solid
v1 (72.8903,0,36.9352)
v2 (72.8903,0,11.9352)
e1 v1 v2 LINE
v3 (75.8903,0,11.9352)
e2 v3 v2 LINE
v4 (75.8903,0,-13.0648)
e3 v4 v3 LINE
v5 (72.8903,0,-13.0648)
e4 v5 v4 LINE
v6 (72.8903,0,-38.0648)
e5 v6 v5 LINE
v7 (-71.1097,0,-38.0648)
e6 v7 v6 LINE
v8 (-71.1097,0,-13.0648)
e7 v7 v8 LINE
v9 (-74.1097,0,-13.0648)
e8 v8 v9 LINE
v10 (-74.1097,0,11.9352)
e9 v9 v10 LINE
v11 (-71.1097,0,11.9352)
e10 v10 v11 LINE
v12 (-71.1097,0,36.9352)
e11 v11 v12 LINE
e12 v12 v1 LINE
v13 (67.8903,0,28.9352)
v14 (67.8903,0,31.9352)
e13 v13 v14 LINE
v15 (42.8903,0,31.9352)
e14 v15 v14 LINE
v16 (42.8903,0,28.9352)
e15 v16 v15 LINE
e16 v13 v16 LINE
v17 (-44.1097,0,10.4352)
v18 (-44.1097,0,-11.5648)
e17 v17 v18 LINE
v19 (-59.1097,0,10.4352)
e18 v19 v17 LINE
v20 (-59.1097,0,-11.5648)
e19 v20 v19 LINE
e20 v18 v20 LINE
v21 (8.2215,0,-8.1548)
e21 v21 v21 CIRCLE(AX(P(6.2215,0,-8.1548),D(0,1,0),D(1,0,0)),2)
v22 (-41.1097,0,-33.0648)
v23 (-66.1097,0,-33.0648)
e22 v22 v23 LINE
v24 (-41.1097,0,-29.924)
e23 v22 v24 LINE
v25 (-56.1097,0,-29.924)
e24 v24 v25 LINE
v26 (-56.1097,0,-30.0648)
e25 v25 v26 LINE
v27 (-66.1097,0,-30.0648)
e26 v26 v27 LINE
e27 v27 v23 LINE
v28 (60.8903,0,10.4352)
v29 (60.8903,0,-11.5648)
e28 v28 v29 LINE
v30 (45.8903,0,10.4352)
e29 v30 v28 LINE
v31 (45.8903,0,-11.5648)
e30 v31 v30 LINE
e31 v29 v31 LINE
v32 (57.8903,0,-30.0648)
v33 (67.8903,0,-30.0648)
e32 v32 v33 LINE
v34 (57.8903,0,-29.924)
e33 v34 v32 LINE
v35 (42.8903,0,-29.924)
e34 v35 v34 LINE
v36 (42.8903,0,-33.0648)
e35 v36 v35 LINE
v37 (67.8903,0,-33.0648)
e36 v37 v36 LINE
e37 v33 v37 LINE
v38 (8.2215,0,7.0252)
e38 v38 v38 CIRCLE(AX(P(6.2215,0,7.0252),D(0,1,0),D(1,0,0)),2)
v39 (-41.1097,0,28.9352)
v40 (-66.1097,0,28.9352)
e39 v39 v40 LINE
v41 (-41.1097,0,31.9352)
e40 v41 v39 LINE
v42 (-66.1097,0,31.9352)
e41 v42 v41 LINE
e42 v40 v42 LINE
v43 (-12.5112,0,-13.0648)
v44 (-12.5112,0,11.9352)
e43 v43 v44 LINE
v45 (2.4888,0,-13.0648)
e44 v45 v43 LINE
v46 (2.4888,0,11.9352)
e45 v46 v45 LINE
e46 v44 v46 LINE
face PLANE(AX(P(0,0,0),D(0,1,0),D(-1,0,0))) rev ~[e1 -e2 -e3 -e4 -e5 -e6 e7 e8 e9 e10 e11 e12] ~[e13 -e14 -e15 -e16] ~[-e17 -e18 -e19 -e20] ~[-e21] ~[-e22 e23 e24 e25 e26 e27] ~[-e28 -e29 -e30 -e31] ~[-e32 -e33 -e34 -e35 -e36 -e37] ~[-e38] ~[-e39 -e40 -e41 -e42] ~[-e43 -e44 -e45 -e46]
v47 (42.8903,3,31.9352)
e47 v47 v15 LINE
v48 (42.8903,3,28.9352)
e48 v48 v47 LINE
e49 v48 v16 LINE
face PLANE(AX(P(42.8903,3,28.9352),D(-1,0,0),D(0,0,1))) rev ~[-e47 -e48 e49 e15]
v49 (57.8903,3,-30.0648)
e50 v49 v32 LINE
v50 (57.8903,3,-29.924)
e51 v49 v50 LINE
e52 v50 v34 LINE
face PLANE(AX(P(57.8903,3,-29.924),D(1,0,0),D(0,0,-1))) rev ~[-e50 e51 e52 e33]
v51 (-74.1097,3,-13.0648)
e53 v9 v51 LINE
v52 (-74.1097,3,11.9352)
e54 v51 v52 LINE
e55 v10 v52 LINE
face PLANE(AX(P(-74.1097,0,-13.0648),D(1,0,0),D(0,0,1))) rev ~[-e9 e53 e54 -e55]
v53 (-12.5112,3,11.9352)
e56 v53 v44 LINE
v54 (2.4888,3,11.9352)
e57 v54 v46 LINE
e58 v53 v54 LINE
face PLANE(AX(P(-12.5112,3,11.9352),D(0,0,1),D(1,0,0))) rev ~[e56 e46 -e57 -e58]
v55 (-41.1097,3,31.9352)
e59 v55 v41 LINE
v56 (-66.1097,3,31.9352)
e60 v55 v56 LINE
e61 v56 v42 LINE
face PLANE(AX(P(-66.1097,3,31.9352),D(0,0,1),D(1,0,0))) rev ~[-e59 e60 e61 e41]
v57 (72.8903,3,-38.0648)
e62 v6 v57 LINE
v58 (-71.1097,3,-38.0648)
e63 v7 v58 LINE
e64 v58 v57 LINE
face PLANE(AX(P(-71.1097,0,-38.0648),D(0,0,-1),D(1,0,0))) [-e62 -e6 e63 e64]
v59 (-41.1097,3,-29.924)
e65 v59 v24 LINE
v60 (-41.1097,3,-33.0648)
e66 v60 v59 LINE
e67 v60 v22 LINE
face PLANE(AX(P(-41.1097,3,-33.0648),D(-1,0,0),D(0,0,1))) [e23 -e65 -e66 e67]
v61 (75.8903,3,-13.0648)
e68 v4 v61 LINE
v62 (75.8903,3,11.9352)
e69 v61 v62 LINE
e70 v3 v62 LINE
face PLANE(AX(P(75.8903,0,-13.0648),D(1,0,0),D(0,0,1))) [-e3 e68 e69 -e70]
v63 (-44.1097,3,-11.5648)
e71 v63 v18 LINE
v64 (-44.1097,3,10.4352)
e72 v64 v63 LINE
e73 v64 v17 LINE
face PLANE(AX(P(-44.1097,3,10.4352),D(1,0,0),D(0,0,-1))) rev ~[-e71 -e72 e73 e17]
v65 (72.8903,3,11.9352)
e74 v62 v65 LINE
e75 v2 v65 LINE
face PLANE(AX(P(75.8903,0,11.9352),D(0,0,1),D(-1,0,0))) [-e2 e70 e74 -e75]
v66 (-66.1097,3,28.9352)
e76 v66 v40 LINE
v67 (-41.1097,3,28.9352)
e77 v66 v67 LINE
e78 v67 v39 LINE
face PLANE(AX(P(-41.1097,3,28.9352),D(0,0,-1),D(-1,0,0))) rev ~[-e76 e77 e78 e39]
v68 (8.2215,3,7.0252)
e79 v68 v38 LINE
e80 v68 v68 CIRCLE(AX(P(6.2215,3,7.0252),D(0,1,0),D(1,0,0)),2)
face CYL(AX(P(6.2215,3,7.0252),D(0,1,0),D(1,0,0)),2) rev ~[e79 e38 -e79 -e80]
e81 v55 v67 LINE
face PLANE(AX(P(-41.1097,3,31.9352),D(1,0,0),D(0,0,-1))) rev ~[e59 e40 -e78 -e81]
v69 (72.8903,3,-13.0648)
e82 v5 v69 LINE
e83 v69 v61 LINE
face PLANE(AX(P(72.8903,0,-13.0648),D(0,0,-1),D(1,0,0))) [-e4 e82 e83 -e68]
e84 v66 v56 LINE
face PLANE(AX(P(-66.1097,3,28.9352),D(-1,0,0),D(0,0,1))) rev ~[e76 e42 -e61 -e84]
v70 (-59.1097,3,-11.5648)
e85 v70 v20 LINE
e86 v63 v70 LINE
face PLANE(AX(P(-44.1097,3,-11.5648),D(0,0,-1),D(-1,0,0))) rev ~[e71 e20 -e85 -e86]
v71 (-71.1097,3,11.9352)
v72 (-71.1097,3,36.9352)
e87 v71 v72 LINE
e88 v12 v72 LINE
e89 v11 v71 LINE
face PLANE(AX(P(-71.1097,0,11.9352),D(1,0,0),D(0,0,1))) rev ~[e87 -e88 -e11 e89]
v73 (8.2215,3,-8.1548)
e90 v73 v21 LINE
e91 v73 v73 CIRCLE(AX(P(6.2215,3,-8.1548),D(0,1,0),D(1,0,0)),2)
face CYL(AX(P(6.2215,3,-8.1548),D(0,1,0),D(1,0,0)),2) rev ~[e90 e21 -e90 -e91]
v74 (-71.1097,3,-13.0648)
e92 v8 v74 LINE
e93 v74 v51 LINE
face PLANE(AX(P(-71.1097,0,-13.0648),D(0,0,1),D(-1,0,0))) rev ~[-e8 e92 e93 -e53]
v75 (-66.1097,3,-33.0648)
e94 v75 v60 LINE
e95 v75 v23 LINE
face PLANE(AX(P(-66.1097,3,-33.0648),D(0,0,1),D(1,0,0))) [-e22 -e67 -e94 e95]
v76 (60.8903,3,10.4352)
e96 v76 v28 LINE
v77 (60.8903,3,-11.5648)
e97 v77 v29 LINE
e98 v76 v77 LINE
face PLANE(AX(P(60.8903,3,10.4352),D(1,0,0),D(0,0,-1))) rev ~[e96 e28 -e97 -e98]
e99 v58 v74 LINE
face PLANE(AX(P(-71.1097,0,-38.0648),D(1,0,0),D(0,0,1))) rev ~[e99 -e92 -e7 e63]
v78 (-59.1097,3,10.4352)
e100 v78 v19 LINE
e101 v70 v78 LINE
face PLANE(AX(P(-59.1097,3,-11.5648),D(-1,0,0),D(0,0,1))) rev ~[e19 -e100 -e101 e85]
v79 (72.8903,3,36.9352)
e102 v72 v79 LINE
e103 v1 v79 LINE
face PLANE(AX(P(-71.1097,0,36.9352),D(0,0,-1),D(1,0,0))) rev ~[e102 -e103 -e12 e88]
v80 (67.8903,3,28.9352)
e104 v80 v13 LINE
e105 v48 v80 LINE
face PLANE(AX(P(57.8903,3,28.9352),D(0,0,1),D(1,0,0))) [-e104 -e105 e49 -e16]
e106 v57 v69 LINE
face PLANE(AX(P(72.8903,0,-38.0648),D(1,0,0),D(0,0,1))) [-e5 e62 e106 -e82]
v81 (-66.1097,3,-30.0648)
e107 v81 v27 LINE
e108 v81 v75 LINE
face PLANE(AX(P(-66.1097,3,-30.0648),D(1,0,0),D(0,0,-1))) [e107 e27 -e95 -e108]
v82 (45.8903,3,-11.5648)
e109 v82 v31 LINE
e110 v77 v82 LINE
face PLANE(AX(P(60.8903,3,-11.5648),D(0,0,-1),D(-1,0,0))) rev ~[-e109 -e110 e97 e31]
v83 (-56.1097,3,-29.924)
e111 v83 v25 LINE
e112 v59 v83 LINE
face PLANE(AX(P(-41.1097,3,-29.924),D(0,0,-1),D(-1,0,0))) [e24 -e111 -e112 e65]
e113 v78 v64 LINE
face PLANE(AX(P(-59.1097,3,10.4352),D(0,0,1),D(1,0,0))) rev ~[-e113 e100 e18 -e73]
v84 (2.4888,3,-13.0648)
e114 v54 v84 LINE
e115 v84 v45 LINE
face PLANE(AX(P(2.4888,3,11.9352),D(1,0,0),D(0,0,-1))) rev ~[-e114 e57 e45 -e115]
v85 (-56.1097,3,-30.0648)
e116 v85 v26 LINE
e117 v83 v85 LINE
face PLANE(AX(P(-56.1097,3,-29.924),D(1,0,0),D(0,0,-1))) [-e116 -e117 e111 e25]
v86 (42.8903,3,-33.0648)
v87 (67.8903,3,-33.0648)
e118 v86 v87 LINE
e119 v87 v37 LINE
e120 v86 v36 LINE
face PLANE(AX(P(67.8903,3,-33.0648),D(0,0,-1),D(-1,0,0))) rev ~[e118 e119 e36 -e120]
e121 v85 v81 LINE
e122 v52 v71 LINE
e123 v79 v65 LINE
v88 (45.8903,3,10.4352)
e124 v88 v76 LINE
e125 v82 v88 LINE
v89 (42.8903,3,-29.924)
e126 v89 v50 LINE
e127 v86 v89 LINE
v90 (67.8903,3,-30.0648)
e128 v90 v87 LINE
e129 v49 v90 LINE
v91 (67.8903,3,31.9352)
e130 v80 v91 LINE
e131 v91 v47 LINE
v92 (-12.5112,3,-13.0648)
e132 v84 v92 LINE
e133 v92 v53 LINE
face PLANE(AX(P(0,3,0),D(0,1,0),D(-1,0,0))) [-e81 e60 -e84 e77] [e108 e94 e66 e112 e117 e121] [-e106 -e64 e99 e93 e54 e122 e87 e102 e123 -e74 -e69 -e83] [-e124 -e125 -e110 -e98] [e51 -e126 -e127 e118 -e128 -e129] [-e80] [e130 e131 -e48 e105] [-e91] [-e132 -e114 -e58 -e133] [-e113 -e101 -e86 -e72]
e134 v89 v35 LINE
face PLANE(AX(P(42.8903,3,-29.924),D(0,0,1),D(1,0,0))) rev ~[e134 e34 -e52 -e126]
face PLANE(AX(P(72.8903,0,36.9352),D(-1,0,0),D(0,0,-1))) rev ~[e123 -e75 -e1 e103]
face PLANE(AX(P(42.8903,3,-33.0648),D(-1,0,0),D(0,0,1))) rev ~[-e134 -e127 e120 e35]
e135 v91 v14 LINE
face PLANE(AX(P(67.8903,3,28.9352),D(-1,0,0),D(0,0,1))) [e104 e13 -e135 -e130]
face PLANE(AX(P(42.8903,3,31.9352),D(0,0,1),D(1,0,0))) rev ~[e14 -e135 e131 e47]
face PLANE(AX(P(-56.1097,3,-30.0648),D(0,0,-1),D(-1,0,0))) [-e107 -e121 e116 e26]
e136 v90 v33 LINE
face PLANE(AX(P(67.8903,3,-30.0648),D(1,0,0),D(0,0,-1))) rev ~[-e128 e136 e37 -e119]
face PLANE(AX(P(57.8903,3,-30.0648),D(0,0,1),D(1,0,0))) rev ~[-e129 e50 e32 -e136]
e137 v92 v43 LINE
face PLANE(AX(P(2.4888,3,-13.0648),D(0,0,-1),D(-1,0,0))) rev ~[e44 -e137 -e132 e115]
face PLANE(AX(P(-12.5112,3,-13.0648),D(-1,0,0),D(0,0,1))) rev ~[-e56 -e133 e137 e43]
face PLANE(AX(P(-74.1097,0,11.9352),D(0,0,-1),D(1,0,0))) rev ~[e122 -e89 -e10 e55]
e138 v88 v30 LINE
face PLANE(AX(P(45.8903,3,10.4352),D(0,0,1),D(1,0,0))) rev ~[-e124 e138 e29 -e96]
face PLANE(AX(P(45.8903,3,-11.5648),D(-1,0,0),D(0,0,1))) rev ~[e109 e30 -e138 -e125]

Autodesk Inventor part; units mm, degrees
ref_plane "YZ Plane" through (0, 0, 0) normal (1, 0, 0) x (0, 1, 0)
ref_plane "XZ Plane" through (0, 0, 0) normal (0, 1, 0) x (-1, 0, 0)
ref_plane "XY Plane" through (0, 0, 0) normal (0, 0, 1) x (1, 0, 0)
sketch "Sketch1" plane through (0, 0, 0) normal (0, 1, 0) x (-1, 0, 0)
  line L0 (71.1097, -38.0648) -> (71.1097, -13.0648)
  line L1 (71.1097, -13.0648) -> (74.1097, -13.0648)
  line L2 (74.1097, -13.0648) -> (74.1097, 11.9352)
  line L3 (74.1097, 11.9352) -> (71.1097, 11.9352)
  line L4 (71.1097, 11.9352) -> (71.1097, 36.9352)
  line L5 (-72.8903, -38.0648) -> (-72.8903, -13.0648)
  line L6 (-72.8903, 36.9352) -> (-72.8903, 11.9352)
  line L7 (-72.8903, -13.0648) -> (-75.8903, -13.0648)
  line L8 (-75.8903, -13.0648) -> (-75.8903, 11.9352)
  line L9 (-75.8903, 11.9352) -> (-72.8903, 11.9352)
  line L10 (71.1097, -38.0648) -> (-72.8903, -38.0648)
  line L11 (71.1097, 36.9352) -> (-72.8903, 36.9352)
  point P0 (0, 0)
extrude "Extrusion1" add sketch "Sketch1" along normal blind 3
sketch "Sketch2" plane through (0, 3, 0) normal (0, 1, 0) x (1, 0, 0)
  line L0 (-71.1097, -36.9352) -> (72.8903, -36.9352) projected
  line L1 (-66.1097, -31.9352) -> (-56.1097, -31.9352)
  line L2 (-56.1097, -31.9352) -> (-56.1097, -28.9352)
  line L3 (-56.1097, -28.9352) -> (-66.1097, -28.9352)
  line L4 (-66.1097, -28.9352) -> (-66.1097, -31.9352)
  line L5 (72.8903, 38.0648) -> (-71.1097, 38.0648) projected
  line L6 (-56.1097, 30.0648) -> (-66.1097, 30.0648)
  line L7 (-66.1097, 30.0648) -> (-66.1097, 33.0648)
  line L8 (-66.1097, 33.0648) -> (-56.1097, 33.0648)
  line L9 (-56.1097, 33.0648) -> (-56.1097, 30.0648)
  line L10 (67.8903, 33.0648) -> (57.8903, 33.0648)
  line L11 (57.8903, 33.0648) -> (57.8903, 30.0648)
  line L12 (57.8903, 30.0648) -> (67.8903, 30.0648)
  line L13 (67.8903, 30.0648) -> (67.8903, 33.0648)
  line L14 (67.8903, -31.9352) -> (57.8903, -31.9352)
  line L15 (57.8903, -31.9352) -> (57.8903, -28.9352)
  line L16 (57.8903, -28.9352) -> (67.8903, -28.9352)
  line L17 (67.8903, -28.9352) -> (67.8903, -31.9352)
  point P0 (0, 0)
extrude "Extrusion2" cut sketch "Sketch2" against normal blind 30
sketch "Sketch3" plane through (0, 3, 0) normal (0, 1, 0) x (1, 0, 0)
  line L0 (72.8903, 38.0648) -> (-71.1097, 38.0648) projected
  line L1 (-71.1097, -36.9352) -> (72.8903, -36.9352) projected
  line L2 (-74.1097, 13.0648) -> (-74.1097, -11.9352) projected
  line L3 (75.8903, -11.9352) -> (75.8903, 13.0648) projected
  circle A0 centre (6.2215, -7.0252) radius 2
  circle A1 centre (6.2215, 8.1548) radius 2
  line L4 (2.4888, 13.0648) -> (-12.5112, 13.0648)
  line L5 (-12.5112, 13.0648) -> (-12.5112, -11.9352)
  line L6 (-12.5112, -11.9352) -> (2.4888, -11.9352)
  line L7 (2.4888, -11.9352) -> (2.4888, 13.0648)
  line L8 (-59.1097, -10.4352) -> (-44.1097, -10.4352)
  line L9 (-44.1097, -10.4352) -> (-44.1097, 11.5648)
  line L10 (-44.1097, 11.5648) -> (-59.1097, 11.5648)
  line L11 (-59.1097, 11.5648) -> (-59.1097, -10.4352)
  line L12 (60.8903, 11.5648) -> (45.8903, 11.5648)
  line L13 (45.8903, 11.5648) -> (45.8903, -10.4352)
  line L14 (45.8903, -10.4352) -> (60.8903, -10.4352)
  line L15 (60.8903, -10.4352) -> (60.8903, 11.5648)
  point P0 (0, 0)
  dimension "d56" = 15
  dimension "d57" = 22
  dimension "d59" = 25
  dimension "d60" = 15
  dimension "d61" = 4
  dimension "d62" = 4
  dimension "d63" = 15
  dimension "d64" = 22
extrude "Extrusion3" cut sketch "Sketch3" against normal blind 10
sketch "Sketch4" plane through (0, 3, 0) normal (0, 1, 0) x (1, 0, 0)
  line L0 (-56.1097, 33.0648) -> (-41.1097, 33.0648)
  line L1 (-41.1097, 33.0648) -> (-41.1097, 29.924)
  line L2 (-41.1097, 29.924) -> (-56.1097, 29.924)
  line L3 (-56.1097, 29.924) -> (-56.1097, 33.0648)
  line L4 (57.8903, 30.0648) -> (57.8903, 33.0648) projected
  line L5 (57.8903, 33.0648) -> (42.8903, 33.0648)
  line L6 (42.8903, 33.0648) -> (42.8903, 29.924)
  line L7 (42.8903, 29.924) -> (57.8903, 29.924)
  line L8 (57.8903, 29.924) -> (57.8903, 33.0648)
  line L9 (-56.1097, -31.9352) -> (-41.1097, -31.9352)
  line L10 (-41.1097, -31.9352) -> (-41.1097, -28.9352)
  line L11 (-41.1097, -28.9352) -> (-56.1097, -28.9352)
  line L12 (-56.1097, -28.9352) -> (-56.1097, -31.9352)
  line L13 (57.8903, -31.9352) -> (57.8903, -28.9352) projected
  line L14 (57.8903, -28.9352) -> (42.8903, -28.9352)
  line L15 (42.8903, -28.9352) -> (42.8903, -31.9352)
  line L16 (42.8903, -31.9352) -> (57.8903, -31.9352)
  line L17 (57.8903, -31.9352) -> (57.8903, -28.9352)
  point P0 (0, 0)
  dimension "d67" = 15
  dimension "d68" = 15
extrude "Extrusion4" cut sketch "Sketch4" against normal blind 10
properties part number "Level4 (Sensor + Schakelaar)"
